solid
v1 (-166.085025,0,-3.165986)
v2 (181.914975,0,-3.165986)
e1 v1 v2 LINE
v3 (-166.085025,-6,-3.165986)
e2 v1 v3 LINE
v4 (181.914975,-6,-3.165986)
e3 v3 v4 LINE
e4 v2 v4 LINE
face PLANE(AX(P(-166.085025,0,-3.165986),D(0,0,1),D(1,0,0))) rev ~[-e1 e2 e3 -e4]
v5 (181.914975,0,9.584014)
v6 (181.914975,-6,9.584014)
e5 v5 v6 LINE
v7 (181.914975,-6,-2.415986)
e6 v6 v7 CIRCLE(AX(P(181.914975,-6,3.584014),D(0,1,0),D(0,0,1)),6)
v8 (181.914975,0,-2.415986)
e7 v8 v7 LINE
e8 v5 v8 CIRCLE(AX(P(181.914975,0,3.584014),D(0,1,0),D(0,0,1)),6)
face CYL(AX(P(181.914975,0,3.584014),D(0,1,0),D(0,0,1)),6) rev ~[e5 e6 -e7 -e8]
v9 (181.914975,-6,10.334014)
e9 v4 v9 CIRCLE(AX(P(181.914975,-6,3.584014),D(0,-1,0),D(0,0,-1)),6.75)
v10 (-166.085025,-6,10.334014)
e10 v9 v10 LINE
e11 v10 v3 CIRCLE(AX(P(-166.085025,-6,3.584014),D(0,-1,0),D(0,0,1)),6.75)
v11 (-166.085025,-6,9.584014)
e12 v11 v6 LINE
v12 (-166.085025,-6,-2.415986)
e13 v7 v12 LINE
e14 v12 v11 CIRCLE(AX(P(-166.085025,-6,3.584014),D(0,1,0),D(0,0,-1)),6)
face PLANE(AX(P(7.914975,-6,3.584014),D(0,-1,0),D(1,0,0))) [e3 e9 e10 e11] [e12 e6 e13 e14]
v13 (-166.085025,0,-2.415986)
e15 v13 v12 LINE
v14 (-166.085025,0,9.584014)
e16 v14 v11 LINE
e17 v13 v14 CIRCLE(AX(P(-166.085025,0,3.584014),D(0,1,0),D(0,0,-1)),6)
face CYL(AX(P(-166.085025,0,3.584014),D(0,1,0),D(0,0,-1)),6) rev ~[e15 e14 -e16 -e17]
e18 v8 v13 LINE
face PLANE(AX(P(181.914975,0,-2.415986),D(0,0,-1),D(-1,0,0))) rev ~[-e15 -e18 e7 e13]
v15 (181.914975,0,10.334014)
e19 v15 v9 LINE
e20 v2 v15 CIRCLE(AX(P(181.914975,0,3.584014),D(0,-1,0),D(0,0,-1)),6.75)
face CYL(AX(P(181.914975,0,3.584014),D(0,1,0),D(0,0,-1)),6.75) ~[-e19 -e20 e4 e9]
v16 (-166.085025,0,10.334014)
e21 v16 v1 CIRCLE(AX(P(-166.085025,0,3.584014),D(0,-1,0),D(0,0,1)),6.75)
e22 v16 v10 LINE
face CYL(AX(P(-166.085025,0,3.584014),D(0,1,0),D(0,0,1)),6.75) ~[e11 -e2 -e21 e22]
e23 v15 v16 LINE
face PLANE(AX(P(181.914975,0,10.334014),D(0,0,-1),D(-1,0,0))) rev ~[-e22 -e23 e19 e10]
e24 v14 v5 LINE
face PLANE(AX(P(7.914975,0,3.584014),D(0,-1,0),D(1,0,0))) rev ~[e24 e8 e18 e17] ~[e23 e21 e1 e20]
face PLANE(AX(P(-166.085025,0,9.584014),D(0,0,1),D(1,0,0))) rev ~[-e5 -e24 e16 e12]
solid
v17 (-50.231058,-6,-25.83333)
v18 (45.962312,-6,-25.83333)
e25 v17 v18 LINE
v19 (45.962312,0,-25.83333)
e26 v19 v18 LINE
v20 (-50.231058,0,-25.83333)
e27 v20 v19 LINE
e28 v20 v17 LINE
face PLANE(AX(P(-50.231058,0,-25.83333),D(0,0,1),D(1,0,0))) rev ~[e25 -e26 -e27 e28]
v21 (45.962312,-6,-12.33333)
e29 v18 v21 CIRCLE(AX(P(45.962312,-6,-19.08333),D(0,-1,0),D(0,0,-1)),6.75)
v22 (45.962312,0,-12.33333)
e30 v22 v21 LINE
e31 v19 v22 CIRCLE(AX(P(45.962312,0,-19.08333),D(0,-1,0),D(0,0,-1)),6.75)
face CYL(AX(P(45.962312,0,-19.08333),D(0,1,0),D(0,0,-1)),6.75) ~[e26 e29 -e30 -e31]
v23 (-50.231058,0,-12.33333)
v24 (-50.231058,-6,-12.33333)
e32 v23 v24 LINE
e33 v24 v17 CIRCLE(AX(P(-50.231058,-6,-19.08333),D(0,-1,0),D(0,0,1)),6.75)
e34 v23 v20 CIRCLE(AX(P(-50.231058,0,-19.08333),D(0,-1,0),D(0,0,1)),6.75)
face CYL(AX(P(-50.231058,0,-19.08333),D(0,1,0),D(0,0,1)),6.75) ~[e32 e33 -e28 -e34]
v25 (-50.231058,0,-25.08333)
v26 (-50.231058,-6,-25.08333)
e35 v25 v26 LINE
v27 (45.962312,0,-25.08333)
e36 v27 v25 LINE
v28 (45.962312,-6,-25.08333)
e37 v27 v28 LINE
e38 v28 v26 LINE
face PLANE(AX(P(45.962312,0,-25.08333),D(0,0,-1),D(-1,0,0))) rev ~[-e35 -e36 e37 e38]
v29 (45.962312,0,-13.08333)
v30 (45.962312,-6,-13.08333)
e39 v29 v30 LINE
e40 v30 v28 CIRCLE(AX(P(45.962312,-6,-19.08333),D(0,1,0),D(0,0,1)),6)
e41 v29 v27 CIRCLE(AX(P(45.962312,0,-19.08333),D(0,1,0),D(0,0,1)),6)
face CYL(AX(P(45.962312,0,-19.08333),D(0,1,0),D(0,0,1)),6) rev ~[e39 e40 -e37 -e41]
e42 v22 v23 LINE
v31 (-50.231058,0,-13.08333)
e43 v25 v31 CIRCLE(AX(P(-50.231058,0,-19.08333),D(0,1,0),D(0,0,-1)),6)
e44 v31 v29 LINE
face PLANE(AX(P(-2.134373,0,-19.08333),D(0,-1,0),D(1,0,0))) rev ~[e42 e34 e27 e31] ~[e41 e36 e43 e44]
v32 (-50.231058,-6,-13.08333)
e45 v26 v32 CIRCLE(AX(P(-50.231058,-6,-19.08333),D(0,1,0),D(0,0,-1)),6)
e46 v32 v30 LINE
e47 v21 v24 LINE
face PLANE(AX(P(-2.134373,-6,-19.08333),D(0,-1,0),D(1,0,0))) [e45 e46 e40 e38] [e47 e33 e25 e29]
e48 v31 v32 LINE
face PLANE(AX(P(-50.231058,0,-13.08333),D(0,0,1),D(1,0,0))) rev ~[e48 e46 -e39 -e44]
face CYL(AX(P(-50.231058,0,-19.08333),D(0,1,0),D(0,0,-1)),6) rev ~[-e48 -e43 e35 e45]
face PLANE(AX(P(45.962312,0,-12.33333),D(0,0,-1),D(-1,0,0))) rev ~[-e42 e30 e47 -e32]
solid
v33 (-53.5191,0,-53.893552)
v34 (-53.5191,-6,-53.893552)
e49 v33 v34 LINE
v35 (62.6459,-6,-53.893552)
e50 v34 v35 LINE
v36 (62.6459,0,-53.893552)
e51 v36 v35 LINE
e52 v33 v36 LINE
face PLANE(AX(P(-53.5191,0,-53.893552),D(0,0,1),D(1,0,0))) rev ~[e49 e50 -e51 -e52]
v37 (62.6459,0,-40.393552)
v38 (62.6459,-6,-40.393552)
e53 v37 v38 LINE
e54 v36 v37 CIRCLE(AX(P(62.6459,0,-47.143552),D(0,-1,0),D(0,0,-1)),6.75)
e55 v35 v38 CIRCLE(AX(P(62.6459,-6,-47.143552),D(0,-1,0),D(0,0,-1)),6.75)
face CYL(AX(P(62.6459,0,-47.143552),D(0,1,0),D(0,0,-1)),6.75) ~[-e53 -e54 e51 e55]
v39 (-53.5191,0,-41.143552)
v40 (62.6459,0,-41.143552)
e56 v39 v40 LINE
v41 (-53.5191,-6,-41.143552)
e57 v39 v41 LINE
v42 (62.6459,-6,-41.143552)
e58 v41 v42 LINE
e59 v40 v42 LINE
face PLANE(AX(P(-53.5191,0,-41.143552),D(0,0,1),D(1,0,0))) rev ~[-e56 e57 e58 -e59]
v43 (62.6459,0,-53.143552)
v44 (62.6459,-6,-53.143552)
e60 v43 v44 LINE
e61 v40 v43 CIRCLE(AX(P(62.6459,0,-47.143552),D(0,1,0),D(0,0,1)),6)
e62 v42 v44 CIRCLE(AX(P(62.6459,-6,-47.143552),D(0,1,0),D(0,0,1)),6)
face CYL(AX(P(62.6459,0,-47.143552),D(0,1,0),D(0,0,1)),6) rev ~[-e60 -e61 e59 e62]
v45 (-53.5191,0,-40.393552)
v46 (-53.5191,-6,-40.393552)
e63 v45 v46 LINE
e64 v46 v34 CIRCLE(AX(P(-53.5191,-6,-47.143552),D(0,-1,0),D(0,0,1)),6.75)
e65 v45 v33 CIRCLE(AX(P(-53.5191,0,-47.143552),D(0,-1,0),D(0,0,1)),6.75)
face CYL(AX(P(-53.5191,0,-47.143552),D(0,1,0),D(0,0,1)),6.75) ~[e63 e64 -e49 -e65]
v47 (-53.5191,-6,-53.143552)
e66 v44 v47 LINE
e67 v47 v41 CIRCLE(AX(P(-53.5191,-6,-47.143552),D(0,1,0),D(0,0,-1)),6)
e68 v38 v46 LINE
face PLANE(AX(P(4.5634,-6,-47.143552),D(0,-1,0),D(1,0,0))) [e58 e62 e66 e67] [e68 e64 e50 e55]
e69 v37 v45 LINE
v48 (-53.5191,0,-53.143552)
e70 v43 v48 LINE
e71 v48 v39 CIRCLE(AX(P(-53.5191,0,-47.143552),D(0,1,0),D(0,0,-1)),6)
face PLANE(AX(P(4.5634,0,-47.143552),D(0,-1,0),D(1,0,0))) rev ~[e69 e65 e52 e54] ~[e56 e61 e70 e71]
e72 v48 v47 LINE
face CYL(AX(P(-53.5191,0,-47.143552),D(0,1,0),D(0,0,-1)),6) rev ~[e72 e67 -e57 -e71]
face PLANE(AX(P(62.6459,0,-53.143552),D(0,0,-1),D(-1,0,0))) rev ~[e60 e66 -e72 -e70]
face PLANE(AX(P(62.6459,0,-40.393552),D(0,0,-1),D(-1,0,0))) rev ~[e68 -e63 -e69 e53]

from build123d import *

# Parameters (mm, degrees)
F1_DEPTH = 6
F3_DEPTH = 6
F5_DEPTH = 6


with BuildPart() as f1:
    # F0 (on Front) → F1 (new body)
    with BuildSketch(Plane.XZ):
        with BuildLine():
            Line((181.914975, 10.334014), (-166.085025, 10.334014))
            ThreePointArc((-166.085025, 10.334014), (-172.835025, 3.584014), (-166.085025, -3.165986))
            Line((-166.085025, -3.165986), (181.914975, -3.165986))
            ThreePointArc((181.914975, -3.165986), (188.664975, 3.584014), (181.914975, 10.334014))
        make_face()
        with BuildLine():
            ThreePointArc((-166.085025, -2.415986), (-172.085025, 3.584014), (-166.085025, 9.584014))
            Line((-166.085025, 9.584014), (181.914975, 9.584014))
            ThreePointArc((181.914975, 9.584014), (187.914975, 3.584014), (181.914975, -2.415986))
            Line((181.914975, -2.415986), (-166.085025, -2.415986))
        make_face(mode=Mode.SUBTRACT)
    extrude(amount=F1_DEPTH)


with BuildPart() as f3:
    # F2 (on Front) → F3 (new body)
    with BuildSketch(Plane.XZ):
        with BuildLine():
            Line((45.962312, -12.33333), (-50.231058, -12.33333))
            ThreePointArc((-50.231058, -12.33333), (-56.981058, -19.08333), (-50.231058, -25.83333))
            Line((-50.231058, -25.83333), (45.962312, -25.83333))
            ThreePointArc((45.962312, -25.83333), (52.712312, -19.08333), (45.962312, -12.33333))
        make_face()
        with BuildLine():
            ThreePointArc((-50.231058, -25.08333), (-56.231058, -19.08333), (-50.231058, -13.08333))
            Line((-50.231058, -13.08333), (45.962312, -13.08333))
            ThreePointArc((45.962312, -13.08333), (51.962312, -19.08333), (45.962312, -25.08333))
            Line((45.962312, -25.08333), (-50.231058, -25.08333))
        make_face(mode=Mode.SUBTRACT)
    extrude(amount=F3_DEPTH)


with BuildPart() as f5:
    # F4 (on Front) → F5 (new body)
    with BuildSketch(Plane.XZ):
        with BuildLine():
            Line((62.6459, -40.393552), (-53.5191, -40.393552))
            ThreePointArc((-53.5191, -40.393552), (-60.2691, -47.143552), (-53.5191, -53.893552))
            Line((-53.5191, -53.893552), (62.6459, -53.893552))
            ThreePointArc((62.6459, -53.893552), (69.3959, -47.143552), (62.6459, -40.393552))
        make_face()
        with BuildLine():
            ThreePointArc((-53.5191, -53.143552), (-59.5191, -47.143552), (-53.5191, -41.143552))
            Line((-53.5191, -41.143552), (62.6459, -41.143552))
            ThreePointArc((62.6459, -41.143552), (68.6459, -47.143552), (62.6459, -53.143552))
            Line((62.6459, -53.143552), (-53.5191, -53.143552))
        make_face(mode=Mode.SUBTRACT)
    extrude(amount=F5_DEPTH)


solid = Compound([f1.part, f3.part, f5.part])
